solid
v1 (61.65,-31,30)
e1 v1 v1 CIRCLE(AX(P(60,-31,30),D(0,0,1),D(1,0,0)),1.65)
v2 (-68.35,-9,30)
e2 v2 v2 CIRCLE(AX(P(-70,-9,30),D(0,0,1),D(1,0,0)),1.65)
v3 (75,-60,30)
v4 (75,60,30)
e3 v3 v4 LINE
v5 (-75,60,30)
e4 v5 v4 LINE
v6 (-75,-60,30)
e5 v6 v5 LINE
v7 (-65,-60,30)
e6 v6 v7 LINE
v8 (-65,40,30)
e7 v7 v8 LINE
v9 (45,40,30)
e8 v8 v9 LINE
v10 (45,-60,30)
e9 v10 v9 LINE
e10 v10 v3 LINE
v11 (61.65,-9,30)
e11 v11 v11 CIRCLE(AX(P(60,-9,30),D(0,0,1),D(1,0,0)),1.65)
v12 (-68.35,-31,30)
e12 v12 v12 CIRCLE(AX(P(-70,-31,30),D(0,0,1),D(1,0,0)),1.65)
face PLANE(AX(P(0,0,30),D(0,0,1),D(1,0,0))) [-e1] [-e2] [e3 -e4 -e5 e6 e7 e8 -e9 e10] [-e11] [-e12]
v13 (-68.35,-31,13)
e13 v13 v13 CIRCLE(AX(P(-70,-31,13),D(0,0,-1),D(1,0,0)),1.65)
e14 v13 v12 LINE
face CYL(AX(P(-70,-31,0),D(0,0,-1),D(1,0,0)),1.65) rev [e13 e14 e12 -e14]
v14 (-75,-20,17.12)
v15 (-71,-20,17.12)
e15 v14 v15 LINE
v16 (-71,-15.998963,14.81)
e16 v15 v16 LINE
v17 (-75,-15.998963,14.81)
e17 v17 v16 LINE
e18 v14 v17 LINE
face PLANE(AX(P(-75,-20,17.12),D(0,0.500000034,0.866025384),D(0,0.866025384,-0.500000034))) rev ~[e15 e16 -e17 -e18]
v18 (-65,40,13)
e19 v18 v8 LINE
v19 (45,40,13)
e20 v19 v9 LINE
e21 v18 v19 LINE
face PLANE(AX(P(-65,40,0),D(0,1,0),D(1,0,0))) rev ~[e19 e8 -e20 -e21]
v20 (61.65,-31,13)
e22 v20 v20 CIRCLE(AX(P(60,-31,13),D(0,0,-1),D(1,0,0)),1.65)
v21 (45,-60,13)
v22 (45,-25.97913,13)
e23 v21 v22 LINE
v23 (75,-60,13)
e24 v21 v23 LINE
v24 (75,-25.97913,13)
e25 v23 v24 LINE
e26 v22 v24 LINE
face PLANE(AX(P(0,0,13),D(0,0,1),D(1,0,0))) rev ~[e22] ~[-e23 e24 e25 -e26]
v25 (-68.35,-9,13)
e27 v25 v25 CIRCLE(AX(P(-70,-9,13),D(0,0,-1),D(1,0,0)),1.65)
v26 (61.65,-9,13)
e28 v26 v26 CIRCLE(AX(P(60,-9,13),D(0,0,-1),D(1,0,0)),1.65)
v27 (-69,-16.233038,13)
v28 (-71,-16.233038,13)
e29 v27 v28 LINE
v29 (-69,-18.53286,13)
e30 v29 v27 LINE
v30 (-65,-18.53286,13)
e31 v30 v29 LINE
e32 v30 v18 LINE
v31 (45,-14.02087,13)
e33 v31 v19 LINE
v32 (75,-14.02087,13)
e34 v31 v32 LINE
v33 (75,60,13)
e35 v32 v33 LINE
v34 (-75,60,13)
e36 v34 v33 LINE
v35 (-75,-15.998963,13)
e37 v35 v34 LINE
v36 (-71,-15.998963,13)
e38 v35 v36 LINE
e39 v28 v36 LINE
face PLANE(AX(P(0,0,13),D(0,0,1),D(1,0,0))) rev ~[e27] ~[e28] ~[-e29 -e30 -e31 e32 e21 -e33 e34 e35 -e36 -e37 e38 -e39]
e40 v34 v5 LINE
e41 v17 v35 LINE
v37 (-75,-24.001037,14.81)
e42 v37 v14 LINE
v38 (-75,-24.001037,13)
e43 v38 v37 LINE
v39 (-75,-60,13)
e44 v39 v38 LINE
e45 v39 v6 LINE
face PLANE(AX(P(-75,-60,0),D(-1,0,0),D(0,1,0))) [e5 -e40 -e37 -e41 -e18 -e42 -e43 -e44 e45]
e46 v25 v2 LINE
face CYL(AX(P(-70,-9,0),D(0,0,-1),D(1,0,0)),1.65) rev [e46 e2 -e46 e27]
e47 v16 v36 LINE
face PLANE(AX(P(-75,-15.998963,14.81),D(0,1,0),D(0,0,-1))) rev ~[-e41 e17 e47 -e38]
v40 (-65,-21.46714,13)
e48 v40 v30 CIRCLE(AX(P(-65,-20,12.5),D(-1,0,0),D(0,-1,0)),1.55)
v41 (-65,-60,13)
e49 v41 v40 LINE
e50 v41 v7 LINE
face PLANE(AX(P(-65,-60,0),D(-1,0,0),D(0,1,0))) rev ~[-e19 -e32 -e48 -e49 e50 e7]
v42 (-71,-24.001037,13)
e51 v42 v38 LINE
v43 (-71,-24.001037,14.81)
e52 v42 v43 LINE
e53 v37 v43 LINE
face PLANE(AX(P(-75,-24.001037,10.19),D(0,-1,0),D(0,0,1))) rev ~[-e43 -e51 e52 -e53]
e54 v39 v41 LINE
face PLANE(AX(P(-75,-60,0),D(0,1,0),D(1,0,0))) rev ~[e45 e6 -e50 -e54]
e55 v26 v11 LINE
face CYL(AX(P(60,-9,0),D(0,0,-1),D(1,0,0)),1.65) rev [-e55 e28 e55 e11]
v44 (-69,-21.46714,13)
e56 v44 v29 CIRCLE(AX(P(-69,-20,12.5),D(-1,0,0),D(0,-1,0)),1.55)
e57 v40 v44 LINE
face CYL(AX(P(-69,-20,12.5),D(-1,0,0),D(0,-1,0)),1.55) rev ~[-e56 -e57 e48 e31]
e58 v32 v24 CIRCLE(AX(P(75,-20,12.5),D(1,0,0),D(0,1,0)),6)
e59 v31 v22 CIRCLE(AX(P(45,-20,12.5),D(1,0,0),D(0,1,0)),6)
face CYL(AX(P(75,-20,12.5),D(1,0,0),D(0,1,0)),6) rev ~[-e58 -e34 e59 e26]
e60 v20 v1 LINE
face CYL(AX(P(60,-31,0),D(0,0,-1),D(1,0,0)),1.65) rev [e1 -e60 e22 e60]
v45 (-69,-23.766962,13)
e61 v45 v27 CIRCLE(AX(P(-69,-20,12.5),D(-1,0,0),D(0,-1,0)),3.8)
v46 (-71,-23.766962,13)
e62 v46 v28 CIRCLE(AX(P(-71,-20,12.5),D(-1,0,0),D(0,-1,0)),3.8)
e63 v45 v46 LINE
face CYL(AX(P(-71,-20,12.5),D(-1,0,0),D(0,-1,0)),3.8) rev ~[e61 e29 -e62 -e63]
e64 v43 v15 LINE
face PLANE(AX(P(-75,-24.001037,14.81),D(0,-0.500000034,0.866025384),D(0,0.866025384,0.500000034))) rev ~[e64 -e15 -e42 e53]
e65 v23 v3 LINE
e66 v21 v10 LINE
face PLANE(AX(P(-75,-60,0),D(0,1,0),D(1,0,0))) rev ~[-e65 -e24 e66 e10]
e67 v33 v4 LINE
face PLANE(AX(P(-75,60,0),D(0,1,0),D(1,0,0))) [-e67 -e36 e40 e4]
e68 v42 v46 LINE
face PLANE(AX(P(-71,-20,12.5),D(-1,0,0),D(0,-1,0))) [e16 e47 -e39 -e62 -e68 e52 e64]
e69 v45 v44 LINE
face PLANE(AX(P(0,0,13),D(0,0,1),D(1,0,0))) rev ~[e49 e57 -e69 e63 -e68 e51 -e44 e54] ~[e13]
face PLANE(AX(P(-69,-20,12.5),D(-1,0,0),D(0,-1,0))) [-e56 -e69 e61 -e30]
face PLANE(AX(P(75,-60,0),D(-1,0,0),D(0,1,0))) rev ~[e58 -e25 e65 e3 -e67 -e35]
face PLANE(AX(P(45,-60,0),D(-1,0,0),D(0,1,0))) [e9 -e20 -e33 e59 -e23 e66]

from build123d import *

# Parameters (mm, degrees)
F0_W      = 150
F0_H      = 120
F1_DEPTH  = 30
F3_W      = 110
F3_H      = 100
F4_DEPTH  = 30
F5_DEPTH  = 4
F6_R      = 3.8
F7_DEPTH  = 2
F8_R      = 1.55
F9_DEPTH  = 7
F10_R     = 6
F12_DEPTH = 30
F11_R     = 0.5
F13_DEPTH = 1
F14_W     = 150
F14_H     = 120
F15_DEPTH = 13
F16_R     = 1.65
F17_DEPTH = 30


with BuildPart() as f1:
    # F0 (on Top) → F1 (new body)
    with BuildSketch(Plane.XY):
        Rectangle(F0_W, F0_H)
    extrude(amount=F1_DEPTH)

    # F3 (on Top) → F4 (cut, through all)
    with BuildSketch(Plane.XY):
        with Locations((-10, -10)):
            Rectangle(F3_W, F3_H)
    extrude(amount=F4_DEPTH, mode=Mode.SUBTRACT)

    # F2 (on face) → F5 (cut)
    with BuildSketch(Plane(origin=(-75, 0, 0), x_dir=(0, -1, 0), z_dir=(-1, 0, 0))):
        Polygon((20, 17.12), (15.998963, 14.81), (15.998963, 10.19), (20, 7.88), (24.001037, 10.19), (24.001037, 14.81), align=None)
    extrude(amount=-F5_DEPTH, mode=Mode.SUBTRACT)

    # F6 (on face) → F7 (cut)
    with BuildSketch(Plane(origin=(-71, 0, 0), x_dir=(0, -1, 0), z_dir=(-1, 0, 0))):
        with Locations((20, 12.5)):
            Circle(F6_R)
    extrude(amount=-F7_DEPTH, mode=Mode.SUBTRACT)

    # F8 (on face) → F9 (cut)
    with BuildSketch(Plane(origin=(-69, 0, 0), x_dir=(0, -1, 0), z_dir=(-1, 0, 0))):
        with Locations((20, 12.5)):
            Circle(F8_R)
    extrude(amount=-F9_DEPTH, mode=Mode.SUBTRACT)

    # F10 (on face) → F12 (cut, through all)
    with BuildSketch(Plane.YZ.offset(75)):
        with Locations((-20, 12.5)):
            Circle(F10_R)
    extrude(amount=-F12_DEPTH, mode=Mode.SUBTRACT)

    # F11 (on face) → F13 (cut)
    with BuildSketch(Plane(origin=(0, 60, 0), x_dir=(-1, 0, 0), z_dir=(0, 1, 0))):
        with Locations((20, 6)):
            Circle(F11_R)
        with Locations((-5, 6)):
            Circle(F11_R)
    extrude(amount=-F13_DEPTH, mode=Mode.SUBTRACT)

    # F14 (on Top) → F15 (cut)
    with BuildSketch(Plane.XY):
        Rectangle(F14_W, F14_H)
    extrude(amount=F15_DEPTH, mode=Mode.SUBTRACT)

    # F16 (on Top) → F17 (cut, through all)
    with BuildSketch(Plane.XY):
        with Locations((-70, -9)):
            Circle(F16_R)
        with Locations((-70, -31)):
            Circle(F16_R)
        with Locations((60, -9)):
            Circle(F16_R)
        with Locations((60, -31)):
            Circle(F16_R)
    extrude(amount=F17_DEPTH, mode=Mode.SUBTRACT)


solid = f1.part
